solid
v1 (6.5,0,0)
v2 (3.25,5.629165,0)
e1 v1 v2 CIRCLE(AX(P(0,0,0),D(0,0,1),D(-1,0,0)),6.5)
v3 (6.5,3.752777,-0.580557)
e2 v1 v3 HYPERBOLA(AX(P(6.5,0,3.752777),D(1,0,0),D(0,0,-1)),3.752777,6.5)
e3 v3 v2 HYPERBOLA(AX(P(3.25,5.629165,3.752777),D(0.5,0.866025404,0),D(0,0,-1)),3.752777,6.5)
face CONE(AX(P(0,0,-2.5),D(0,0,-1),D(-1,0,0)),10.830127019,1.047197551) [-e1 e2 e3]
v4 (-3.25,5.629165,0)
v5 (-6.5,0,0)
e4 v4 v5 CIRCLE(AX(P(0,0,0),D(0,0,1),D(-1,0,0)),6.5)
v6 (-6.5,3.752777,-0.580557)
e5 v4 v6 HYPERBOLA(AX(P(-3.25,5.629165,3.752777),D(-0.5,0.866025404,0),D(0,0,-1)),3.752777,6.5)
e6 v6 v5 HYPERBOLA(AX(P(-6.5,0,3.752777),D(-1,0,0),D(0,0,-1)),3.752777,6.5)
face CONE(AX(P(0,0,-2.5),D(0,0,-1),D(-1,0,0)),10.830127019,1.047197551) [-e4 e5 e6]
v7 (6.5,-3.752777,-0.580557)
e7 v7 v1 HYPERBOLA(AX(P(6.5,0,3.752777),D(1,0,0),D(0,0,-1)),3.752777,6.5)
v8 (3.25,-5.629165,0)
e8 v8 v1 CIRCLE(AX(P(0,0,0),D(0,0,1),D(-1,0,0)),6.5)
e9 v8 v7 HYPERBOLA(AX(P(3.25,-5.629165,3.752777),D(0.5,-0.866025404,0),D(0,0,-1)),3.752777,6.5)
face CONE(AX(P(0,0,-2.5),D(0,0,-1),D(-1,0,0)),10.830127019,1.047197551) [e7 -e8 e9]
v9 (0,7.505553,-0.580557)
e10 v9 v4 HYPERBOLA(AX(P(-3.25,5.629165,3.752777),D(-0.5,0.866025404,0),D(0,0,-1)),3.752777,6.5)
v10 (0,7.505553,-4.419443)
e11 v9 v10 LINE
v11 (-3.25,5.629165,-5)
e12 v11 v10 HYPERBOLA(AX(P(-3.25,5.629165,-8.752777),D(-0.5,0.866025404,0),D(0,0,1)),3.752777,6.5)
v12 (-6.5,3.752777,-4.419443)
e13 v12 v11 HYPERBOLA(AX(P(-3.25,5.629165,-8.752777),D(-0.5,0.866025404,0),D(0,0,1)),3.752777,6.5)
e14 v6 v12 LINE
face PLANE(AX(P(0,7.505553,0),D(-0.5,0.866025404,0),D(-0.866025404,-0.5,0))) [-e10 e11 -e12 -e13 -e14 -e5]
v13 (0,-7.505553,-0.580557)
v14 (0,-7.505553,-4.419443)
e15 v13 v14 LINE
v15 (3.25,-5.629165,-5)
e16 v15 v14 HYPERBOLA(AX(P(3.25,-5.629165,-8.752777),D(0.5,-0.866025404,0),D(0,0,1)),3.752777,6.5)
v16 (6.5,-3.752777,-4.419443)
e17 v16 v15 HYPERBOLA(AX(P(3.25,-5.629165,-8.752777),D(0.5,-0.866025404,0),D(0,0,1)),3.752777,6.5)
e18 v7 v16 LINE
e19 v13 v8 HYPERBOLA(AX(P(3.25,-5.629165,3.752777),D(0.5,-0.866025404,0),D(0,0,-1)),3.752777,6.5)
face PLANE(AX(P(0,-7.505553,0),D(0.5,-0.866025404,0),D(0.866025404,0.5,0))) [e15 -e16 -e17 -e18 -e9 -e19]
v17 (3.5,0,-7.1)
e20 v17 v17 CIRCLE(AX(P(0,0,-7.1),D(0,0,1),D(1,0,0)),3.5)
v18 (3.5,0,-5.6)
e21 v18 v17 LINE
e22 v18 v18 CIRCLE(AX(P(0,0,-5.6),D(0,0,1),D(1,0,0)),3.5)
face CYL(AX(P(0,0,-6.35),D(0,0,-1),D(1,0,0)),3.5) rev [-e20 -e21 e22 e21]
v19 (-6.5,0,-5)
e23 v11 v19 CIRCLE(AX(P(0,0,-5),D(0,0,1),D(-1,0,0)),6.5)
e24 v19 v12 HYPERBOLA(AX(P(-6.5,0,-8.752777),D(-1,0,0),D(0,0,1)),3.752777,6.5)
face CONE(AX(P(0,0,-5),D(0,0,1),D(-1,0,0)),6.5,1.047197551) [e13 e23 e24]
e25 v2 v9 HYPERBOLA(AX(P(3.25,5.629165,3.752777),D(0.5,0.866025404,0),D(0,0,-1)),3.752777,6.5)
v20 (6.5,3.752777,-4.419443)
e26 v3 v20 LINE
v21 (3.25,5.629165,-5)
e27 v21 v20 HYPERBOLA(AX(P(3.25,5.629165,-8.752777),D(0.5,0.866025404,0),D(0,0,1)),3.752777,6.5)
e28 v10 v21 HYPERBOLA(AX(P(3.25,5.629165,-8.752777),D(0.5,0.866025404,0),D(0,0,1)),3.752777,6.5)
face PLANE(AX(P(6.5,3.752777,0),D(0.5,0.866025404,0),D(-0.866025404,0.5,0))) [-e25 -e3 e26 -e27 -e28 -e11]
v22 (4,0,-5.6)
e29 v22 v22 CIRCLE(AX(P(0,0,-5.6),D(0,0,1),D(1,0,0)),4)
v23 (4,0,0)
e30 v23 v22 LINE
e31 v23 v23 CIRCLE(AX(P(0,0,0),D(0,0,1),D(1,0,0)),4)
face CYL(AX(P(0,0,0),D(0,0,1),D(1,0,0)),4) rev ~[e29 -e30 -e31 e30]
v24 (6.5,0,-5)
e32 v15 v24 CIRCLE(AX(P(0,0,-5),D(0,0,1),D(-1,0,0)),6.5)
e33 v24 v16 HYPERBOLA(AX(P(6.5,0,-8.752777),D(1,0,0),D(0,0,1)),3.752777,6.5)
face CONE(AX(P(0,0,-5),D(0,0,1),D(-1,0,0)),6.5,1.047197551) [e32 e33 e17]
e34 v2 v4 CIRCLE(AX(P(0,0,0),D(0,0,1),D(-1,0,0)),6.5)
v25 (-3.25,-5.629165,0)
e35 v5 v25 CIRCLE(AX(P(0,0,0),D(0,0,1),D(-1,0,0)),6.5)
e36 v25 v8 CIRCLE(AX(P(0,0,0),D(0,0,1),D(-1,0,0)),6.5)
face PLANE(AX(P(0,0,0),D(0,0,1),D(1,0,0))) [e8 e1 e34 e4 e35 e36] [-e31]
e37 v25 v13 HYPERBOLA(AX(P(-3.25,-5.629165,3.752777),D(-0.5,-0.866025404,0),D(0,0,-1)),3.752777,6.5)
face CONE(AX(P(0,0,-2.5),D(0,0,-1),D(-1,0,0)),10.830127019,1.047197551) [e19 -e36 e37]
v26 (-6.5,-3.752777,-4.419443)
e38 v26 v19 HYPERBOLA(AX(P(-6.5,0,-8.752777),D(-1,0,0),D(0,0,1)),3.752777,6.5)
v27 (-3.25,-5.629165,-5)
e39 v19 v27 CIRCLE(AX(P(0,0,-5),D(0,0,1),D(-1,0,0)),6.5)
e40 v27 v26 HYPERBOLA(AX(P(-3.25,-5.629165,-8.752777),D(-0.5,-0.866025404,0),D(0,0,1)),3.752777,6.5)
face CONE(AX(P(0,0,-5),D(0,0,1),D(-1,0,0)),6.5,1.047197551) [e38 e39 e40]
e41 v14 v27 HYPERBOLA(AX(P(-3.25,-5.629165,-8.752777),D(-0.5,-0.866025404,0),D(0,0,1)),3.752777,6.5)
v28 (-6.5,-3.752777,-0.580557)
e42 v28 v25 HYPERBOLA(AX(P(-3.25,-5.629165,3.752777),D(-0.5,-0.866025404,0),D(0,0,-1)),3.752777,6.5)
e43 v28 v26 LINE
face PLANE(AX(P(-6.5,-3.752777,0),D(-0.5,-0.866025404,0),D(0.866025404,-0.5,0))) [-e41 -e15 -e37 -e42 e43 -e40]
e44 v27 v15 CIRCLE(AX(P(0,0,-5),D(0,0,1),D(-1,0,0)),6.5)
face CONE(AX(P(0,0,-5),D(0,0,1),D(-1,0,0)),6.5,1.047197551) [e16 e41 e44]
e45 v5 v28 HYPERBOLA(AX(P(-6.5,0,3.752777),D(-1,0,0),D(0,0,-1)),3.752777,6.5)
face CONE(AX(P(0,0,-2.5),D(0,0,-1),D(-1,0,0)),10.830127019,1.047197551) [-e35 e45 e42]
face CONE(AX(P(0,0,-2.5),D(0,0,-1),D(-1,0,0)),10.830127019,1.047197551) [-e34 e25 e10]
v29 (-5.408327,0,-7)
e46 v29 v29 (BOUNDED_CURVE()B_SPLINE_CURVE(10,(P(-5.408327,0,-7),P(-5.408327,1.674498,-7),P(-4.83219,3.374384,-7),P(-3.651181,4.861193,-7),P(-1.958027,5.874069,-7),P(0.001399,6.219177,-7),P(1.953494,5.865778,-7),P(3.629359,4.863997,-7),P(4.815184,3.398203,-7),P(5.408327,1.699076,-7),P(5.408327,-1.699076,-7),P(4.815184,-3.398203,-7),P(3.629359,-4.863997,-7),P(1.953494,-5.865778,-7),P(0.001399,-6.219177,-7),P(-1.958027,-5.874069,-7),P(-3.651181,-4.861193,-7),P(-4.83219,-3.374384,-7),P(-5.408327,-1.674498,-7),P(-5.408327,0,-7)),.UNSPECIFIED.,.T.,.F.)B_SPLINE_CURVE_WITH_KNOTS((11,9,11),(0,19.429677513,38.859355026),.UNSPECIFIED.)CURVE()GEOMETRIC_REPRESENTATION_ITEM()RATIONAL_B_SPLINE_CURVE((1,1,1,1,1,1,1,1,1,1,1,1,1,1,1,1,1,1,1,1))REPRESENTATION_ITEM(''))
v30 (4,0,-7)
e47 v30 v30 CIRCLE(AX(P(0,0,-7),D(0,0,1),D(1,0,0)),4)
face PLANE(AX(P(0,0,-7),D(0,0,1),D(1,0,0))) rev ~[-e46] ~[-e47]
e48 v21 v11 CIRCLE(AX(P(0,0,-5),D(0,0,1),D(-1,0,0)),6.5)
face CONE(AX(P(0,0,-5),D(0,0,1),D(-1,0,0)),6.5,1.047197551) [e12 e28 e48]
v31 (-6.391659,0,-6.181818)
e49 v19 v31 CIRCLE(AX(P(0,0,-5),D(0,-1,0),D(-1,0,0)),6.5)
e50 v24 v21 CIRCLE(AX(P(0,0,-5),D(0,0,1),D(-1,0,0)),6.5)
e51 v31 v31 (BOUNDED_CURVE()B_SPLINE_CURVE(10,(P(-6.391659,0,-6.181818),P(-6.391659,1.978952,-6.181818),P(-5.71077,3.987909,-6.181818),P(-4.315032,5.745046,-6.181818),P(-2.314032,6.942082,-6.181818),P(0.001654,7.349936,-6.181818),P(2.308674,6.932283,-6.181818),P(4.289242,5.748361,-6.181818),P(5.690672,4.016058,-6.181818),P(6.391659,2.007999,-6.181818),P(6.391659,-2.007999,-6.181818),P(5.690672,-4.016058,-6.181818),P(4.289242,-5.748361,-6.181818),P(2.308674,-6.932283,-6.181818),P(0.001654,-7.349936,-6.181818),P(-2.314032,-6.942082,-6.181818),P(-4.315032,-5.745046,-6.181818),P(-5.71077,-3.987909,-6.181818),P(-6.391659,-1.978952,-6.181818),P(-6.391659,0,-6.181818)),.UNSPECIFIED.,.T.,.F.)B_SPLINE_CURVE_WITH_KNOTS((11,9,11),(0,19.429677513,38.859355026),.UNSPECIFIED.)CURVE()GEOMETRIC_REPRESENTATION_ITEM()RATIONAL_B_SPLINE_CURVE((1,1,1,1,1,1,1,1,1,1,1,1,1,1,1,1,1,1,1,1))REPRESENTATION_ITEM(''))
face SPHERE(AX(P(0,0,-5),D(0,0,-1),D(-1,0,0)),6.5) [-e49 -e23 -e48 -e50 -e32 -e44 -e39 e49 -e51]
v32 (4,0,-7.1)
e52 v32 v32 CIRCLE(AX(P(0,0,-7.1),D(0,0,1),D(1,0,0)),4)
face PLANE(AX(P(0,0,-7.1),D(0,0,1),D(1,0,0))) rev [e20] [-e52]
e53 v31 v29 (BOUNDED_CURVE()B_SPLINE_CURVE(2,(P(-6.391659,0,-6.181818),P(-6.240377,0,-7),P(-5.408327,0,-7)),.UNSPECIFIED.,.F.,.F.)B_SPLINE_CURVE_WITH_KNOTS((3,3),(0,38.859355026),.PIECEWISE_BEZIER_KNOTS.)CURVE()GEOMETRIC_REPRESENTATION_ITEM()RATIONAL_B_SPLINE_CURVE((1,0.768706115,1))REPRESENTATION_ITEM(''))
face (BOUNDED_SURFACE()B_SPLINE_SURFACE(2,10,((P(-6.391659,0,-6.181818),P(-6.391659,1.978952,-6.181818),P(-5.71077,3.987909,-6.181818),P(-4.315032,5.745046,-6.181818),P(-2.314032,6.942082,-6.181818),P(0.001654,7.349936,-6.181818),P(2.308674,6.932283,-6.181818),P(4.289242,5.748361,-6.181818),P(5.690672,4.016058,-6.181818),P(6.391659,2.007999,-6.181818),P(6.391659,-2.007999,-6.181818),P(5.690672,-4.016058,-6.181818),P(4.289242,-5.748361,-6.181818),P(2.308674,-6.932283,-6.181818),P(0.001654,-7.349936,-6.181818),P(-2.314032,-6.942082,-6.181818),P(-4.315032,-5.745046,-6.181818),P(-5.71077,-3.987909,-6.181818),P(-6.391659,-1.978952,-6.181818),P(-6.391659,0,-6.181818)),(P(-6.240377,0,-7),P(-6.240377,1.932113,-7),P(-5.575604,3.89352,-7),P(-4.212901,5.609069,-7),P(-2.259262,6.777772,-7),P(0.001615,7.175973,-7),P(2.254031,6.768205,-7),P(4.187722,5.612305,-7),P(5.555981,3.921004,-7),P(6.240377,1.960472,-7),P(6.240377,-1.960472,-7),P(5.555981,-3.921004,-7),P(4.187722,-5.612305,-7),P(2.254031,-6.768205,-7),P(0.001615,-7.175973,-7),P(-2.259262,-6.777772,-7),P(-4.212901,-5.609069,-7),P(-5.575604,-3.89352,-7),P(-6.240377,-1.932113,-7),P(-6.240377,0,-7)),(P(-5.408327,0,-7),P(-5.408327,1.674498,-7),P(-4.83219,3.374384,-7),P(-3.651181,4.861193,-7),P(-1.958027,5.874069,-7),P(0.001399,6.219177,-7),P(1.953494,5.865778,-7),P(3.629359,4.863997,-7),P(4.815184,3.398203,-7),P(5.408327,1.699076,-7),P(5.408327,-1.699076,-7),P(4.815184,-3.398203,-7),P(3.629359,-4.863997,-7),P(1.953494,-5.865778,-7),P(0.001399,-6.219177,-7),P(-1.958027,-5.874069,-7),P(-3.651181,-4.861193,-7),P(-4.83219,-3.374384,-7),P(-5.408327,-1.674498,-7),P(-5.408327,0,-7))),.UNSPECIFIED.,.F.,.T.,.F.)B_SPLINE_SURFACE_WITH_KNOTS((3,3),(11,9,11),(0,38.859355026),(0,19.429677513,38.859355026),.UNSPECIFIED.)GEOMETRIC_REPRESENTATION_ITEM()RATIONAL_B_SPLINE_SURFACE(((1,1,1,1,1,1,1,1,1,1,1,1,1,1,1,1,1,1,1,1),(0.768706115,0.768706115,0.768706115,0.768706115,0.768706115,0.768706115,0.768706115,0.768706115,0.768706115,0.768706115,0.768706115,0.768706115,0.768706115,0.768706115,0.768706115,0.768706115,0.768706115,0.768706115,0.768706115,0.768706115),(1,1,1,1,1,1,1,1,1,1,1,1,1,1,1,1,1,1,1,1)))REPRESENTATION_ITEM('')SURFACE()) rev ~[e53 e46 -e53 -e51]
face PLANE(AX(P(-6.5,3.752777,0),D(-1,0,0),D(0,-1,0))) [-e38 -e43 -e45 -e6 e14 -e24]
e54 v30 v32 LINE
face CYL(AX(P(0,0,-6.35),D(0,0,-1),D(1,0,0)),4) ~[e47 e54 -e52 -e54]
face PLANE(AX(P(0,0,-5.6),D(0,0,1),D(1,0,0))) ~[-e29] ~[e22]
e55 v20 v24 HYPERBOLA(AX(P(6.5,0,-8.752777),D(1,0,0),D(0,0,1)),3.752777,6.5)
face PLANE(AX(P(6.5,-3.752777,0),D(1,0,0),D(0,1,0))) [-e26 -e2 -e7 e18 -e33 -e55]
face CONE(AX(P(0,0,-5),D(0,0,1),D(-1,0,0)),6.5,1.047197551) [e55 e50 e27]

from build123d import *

# Parameters (mm, degrees)
BASE_EXTRUSION_DEPTH    = 5
ENL_V_MAT_EXTRU_2_DEPTH = 13.148388096
CONG_1_R                = 1
ESQUISSE3_R             = 4
ENL_V_MAT_EXTRU_1_DEPTH = 13.148388154
ESQUISSE6_W             = 0.5
ESQUISSE6_H             = 1.5


with BuildPart() as part:
    # Esquisse1 → Base-Extrusion (new body)
    with BuildSketch(Plane.XY):
        Polygon((6.5, -3.75277675), (6.5, 3.75277675), (0, 7.505553499), (-6.5, 3.75277675), (-6.5, -3.75277675), (0, -7.505553499), align=None)
    extrude(amount=-BASE_EXTRUSION_DEPTH)

    # Esquisse2 → Enlèvement de matière-Révolution1 (revolve, cut)
    with BuildSketch(Plane(origin=(0, 0, 0), x_dir=(1, 0, 0), z_dir=(0, 1, 0))):
        Polygon((-6.5, 0), (-11.830127019, 0), (-11.830127019, 5), (-6.5, 5), (-10.830127019, 2.5), align=None)
    revolve(axis=Axis((0, 0, -5), (0, 0, 1)), mode=Mode.SUBTRACT)

    # Esquisse4 → Boss.-Révol.1 (revolve)
    with BuildSketch(Plane(origin=(0, 0, 0), x_dir=(1, 0, 0), z_dir=(0, 1, 0))):
        with BuildLine():
            Line((0, 11.5), (0, 5))
            Line((0, 5), (-6.5, 5))
            ThreePointArc((-6.5, 5), (-4.596194078, 9.596194078), (0, 11.5))
        make_face()
    revolve(axis=Axis((0, 0, 0), (0, 0, -1)))

    # Esquisse5 → Enlèv. mat.-Extru.2 (cut, through all)
    with BuildSketch(Plane.XY.offset(-7)):
        with BuildLine():
            ThreePointArc((6.5, 0), (5.629165125, 3.25), (3.25, 5.629165125))
            ThreePointArc((3.25, 5.629165125), (0, 6.5), (-3.25, 5.629165125))
            ThreePointArc((-3.25, 5.629165125), (-5.629165125, 3.25), (-6.5, 0))
            ThreePointArc((-6.5, 0), (-5.629165125, -3.25), (-3.25, -5.629165125))
            ThreePointArc((-3.25, -5.629165125), (0, -6.5), (3.25, -5.629165125))
            ThreePointArc((3.25, -5.629165125), (5.629165125, -3.25), (6.5, 0))
        make_face()
    extrude(amount=-ENL_V_MAT_EXTRU_2_DEPTH, mode=Mode.SUBTRACT)

    # Congé1
    cong_1_edges = [part.edges().sort_by_distance(p)[0] for p in [
        (6.184658438, 0, -7),
    ]]
    fillet(cong_1_edges, radius=CONG_1_R)

    # Esquisse3 → Enlèv. mat.-Extru.1 (cut, through all)
    with BuildSketch(Plane.XY):
        Circle(ESQUISSE3_R)
    extrude(amount=-ENL_V_MAT_EXTRU_1_DEPTH, mode=Mode.SUBTRACT)

    # Esquisse6 → Révolution2 (revolve)
    with BuildSketch(Plane(origin=(0, 0, 0), x_dir=(1, 0, 0), z_dir=(0, 1, 0))):
        with Locations((3.75, 6.35)):
            Rectangle(ESQUISSE6_W, ESQUISSE6_H)
    revolve(axis=Axis((0, 0, -32.444892216), (0, 0, 1)))


solid = part.part
